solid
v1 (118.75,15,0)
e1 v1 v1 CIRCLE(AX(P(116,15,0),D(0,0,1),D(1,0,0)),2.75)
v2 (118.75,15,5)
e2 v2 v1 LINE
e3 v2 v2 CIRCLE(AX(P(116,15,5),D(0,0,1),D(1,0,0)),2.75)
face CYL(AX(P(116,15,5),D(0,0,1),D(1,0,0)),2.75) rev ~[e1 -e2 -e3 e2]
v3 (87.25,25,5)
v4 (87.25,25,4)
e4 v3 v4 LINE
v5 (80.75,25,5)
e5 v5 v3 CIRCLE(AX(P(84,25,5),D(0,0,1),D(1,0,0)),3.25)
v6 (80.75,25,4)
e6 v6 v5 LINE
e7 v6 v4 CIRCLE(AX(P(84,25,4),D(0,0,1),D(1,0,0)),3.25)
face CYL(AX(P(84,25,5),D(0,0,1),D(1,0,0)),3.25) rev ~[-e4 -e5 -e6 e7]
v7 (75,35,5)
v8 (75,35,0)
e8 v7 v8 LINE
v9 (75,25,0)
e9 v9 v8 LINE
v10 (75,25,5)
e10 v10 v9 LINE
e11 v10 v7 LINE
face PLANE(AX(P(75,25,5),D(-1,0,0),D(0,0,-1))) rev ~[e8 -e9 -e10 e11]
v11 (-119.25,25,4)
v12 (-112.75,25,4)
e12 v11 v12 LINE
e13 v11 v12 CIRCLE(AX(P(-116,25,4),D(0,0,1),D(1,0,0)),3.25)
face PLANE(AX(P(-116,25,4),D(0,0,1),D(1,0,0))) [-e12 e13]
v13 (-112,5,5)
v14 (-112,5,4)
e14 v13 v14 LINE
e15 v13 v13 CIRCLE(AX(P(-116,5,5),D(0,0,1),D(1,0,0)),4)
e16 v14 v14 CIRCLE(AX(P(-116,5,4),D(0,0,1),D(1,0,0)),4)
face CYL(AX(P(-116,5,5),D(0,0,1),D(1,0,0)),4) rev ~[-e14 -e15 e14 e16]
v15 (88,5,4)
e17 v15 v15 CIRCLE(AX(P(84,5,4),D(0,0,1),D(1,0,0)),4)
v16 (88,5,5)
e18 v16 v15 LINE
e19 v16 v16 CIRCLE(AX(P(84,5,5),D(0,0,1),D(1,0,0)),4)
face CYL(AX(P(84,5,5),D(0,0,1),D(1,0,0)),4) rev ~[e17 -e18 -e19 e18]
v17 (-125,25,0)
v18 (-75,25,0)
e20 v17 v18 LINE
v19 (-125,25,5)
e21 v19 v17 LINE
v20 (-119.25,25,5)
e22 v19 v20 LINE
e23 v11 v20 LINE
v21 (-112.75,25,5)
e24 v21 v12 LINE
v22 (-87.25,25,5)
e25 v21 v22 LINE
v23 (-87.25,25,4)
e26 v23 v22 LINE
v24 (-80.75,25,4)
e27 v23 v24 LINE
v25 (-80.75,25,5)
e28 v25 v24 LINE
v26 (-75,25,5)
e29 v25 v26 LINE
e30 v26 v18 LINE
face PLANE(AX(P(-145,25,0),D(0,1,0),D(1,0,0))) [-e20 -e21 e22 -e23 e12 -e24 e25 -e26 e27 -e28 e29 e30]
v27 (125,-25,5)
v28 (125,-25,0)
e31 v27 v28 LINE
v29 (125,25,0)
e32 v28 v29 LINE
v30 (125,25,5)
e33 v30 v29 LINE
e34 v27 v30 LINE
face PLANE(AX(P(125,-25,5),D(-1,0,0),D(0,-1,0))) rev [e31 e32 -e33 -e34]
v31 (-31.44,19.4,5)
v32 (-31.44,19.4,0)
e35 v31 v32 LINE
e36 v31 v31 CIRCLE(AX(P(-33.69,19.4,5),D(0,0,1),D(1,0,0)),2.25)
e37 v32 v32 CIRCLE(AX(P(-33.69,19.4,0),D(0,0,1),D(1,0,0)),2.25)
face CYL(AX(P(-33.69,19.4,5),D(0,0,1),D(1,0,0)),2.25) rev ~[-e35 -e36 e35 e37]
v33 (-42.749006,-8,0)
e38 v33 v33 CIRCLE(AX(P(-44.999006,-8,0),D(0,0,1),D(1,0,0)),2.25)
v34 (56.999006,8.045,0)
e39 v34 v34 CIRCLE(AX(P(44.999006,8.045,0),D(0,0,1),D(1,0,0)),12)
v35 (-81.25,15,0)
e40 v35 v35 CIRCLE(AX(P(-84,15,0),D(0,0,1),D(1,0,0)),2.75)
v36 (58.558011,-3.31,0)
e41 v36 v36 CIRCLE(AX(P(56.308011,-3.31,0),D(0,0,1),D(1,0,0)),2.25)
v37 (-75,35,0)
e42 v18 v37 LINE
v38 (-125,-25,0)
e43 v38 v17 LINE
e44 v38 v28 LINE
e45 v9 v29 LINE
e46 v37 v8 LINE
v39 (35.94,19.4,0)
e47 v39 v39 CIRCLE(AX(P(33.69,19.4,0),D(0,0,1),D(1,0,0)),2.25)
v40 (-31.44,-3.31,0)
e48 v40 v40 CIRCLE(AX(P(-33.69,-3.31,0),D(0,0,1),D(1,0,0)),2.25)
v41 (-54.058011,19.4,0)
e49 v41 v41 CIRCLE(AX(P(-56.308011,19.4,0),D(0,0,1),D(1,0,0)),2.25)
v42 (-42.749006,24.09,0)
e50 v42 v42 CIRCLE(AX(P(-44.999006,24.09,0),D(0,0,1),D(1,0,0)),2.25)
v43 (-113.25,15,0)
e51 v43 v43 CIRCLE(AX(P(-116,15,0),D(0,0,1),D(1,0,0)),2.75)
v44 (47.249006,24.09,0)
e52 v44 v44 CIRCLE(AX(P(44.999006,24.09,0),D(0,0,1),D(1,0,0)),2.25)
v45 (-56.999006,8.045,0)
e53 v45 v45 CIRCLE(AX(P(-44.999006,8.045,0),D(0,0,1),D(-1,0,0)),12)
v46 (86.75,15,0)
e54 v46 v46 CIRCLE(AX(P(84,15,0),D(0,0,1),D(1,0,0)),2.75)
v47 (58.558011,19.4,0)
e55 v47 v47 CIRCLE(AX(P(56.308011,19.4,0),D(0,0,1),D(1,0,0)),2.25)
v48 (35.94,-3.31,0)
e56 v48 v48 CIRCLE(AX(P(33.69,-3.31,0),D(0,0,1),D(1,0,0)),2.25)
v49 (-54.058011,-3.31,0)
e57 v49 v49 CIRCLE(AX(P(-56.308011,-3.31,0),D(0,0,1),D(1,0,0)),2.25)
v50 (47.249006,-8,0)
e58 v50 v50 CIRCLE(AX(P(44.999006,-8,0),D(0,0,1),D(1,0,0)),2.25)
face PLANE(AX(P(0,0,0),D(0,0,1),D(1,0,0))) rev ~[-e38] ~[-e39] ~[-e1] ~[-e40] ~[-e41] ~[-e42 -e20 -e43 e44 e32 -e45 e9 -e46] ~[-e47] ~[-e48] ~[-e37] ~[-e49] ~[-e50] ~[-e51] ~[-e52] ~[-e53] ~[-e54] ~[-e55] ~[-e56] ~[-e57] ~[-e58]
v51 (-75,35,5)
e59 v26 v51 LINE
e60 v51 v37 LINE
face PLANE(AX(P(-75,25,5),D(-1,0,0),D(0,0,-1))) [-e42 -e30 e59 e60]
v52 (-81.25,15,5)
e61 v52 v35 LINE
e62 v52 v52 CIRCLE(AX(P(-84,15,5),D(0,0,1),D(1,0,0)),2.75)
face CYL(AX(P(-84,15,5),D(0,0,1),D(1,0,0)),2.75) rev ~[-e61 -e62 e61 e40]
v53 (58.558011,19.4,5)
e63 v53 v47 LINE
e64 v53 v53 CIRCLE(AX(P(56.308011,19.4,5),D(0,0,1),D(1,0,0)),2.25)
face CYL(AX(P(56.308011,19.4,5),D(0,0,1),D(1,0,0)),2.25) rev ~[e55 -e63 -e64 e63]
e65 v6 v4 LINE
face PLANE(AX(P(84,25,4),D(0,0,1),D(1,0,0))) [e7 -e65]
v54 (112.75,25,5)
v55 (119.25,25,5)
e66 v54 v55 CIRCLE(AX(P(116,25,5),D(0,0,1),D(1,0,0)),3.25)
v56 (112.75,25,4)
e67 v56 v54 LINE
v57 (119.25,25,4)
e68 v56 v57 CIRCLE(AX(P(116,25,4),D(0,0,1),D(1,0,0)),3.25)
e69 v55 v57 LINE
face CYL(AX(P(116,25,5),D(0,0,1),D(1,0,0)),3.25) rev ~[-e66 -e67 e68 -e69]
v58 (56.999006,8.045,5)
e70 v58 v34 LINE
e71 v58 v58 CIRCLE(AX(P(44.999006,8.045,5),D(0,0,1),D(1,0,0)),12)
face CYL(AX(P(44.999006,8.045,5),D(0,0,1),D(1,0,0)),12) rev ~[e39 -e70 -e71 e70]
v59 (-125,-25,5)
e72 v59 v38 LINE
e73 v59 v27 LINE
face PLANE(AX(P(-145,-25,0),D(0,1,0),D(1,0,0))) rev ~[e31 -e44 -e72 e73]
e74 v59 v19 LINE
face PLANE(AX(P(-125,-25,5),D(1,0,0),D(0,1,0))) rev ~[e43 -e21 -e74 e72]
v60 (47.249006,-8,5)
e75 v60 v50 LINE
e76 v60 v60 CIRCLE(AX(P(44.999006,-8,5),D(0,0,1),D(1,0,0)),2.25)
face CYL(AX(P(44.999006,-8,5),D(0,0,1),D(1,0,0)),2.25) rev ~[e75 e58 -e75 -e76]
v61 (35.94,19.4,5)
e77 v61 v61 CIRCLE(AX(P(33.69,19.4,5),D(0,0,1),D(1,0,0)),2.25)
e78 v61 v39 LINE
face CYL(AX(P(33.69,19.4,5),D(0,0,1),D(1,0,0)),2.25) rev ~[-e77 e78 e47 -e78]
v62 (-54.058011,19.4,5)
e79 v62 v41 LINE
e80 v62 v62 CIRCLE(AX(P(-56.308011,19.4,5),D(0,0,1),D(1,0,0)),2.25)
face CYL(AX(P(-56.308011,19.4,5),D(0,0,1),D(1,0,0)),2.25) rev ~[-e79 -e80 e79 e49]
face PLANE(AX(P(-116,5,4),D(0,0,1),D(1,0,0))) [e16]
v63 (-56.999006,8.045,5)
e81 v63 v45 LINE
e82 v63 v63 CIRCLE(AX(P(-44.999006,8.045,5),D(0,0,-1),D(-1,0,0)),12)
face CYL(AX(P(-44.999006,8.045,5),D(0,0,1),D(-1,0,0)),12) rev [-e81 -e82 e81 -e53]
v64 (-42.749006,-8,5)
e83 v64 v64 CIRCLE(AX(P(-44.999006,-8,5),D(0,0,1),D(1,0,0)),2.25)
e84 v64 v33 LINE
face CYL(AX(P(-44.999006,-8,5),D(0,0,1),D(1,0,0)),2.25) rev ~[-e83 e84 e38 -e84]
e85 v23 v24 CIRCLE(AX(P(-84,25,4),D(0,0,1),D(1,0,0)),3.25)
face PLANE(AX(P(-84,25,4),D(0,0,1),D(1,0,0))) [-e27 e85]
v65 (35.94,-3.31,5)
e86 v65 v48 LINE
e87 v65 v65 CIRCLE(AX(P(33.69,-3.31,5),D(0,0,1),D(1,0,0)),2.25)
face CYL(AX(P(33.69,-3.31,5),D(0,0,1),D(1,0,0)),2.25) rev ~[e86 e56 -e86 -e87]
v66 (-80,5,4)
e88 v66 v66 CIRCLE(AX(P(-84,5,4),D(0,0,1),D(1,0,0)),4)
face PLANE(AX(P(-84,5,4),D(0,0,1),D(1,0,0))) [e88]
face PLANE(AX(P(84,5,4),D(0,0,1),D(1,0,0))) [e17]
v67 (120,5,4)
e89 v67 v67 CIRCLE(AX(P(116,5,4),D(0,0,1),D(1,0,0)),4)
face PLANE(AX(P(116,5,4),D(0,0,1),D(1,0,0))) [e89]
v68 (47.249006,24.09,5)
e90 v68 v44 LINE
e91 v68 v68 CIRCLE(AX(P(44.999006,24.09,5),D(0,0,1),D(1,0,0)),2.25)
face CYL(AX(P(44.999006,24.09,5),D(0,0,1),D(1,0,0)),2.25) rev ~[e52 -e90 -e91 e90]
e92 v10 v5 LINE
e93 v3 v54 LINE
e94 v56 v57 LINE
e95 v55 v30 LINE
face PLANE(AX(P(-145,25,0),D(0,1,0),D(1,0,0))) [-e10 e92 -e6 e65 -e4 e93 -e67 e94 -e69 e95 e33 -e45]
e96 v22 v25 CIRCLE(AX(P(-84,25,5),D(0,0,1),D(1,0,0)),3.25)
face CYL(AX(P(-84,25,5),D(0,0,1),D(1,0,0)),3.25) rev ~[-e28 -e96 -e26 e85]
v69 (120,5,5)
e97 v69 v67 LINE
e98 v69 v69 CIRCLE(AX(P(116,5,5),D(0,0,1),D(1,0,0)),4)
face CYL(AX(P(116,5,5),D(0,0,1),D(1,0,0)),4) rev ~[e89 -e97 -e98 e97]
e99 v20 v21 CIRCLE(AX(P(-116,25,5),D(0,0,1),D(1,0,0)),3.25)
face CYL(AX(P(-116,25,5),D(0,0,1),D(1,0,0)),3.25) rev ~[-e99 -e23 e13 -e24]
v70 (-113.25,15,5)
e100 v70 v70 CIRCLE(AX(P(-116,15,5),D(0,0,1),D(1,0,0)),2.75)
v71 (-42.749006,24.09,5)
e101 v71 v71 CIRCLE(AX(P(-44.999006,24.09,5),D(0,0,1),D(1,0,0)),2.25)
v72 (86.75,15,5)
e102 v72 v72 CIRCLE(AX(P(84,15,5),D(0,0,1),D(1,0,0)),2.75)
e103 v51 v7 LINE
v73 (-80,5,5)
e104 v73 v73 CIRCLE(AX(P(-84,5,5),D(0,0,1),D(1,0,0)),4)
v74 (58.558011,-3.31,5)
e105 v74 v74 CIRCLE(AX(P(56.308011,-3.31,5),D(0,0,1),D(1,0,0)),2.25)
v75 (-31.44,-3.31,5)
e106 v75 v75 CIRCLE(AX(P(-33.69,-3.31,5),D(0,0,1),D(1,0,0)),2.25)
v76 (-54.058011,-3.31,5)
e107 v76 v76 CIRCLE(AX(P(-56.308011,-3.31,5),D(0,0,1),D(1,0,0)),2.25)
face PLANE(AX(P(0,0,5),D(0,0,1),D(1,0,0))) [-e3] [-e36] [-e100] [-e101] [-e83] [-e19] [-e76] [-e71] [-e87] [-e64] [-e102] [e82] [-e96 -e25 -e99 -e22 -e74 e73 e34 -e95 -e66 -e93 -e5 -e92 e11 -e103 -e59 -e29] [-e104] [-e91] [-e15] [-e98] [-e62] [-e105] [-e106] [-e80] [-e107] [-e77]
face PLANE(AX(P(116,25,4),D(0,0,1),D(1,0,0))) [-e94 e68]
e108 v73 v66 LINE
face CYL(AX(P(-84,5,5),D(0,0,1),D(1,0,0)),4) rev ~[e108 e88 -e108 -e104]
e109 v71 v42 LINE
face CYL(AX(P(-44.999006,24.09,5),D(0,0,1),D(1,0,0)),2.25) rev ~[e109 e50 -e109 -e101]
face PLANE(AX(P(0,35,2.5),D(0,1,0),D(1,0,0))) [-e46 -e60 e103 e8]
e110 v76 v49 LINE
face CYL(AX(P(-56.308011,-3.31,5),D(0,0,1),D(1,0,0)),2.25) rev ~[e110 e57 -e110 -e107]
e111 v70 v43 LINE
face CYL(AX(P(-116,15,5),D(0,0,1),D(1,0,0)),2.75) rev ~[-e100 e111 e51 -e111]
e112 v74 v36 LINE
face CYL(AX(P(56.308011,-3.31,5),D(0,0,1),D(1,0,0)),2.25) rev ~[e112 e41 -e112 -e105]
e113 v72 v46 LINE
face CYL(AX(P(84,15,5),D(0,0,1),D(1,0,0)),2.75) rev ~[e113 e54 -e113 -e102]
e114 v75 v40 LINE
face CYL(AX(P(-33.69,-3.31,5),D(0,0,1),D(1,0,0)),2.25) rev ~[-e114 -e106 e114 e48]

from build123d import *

# Parameters (mm, degrees)
SKETCH_1_W          = 290
SKETCH_1_H          = 50
EXTRUDE_1_DEPTH     = 5
SKETCH_3_W          = 20
SKETCH_3_H          = 50
CUT_EXTRUDE_1_DEPTH = 10
SKETCH_4_W          = 150
SKETCH_4_H          = 5
EXTRUDE_2_DEPTH     = 10
SKETCH_2_R          = 2.25
SKETCH_2_R_2        = 12
CUT_EXTRUDE_2_DEPTH = 2.5
SKETCH_2_2_R        = 2.25
CUT_EXTRUDE_3_DEPTH = 130.903810568
SKETCH_5_R          = 2.75
CUT_EXTRUDE_4_DEPTH = 130.903810568
SKETCH_2_3_R        = 12
CUT_EXTRUDE_5_DEPTH = 10
SKETCH_6_R          = 3.25
SKETCH_6_R_2        = 4
CUT_EXTRUDE_6_DEPTH = 1


with BuildPart() as part:
    # 스케치1 → 보스-돌출1 (new body)
    with BuildSketch(Plane.XY):
        Rectangle(SKETCH_1_W, SKETCH_1_H)
    extrude(amount=EXTRUDE_1_DEPTH)

    # 스케치3 → 컷-돌출1 (cut)
    with BuildSketch(Plane.XY.offset(5)):
        with Locations((-135, 0)):
            Rectangle(SKETCH_3_W, SKETCH_3_H)
    cut_extrude_1 = extrude(amount=-CUT_EXTRUDE_1_DEPTH, mode=Mode.SUBTRACT)

    # 대칭 복사1: 컷-돌출1 across plane
    add(cut_extrude_1.mirror(Plane(origin=(0, 0, 0), x_dir=(0, 0, 1), z_dir=(1, 0, 0))), mode=Mode.SUBTRACT)

    # 스케치4 → 보스-돌출2 (add)
    with BuildSketch(Plane(origin=(0, 25, 0), x_dir=(1, 0, 0), z_dir=(0, 1, 0))):
        with Locations((0, -2.5)):
            Rectangle(SKETCH_4_W, SKETCH_4_H)
    extrude(amount=EXTRUDE_2_DEPTH)

    # 스케치2 → 컷-돌출2 (cut)
    with BuildSketch(Plane.XY.offset(5)):
        with Locations((56.308011299, -3.31)):
            Circle(SKETCH_2_R)
        with Locations((33.69, -3.31)):
            Circle(SKETCH_2_R)
        with Locations((44.99900565, -8)):
            Circle(SKETCH_2_R)
        with Locations((56.308011299, 19.4)):
            Circle(SKETCH_2_R)
        with Locations((44.99900565, 24.09)):
            Circle(SKETCH_2_R)
        with Locations((33.69, 19.4)):
            Circle(SKETCH_2_R)
        with Locations((-33.69, 19.4)):
            Circle(SKETCH_2_R)
        with Locations((-44.99900565, 24.09)):
            Circle(SKETCH_2_R)
        with Locations((-56.308011299, 19.4)):
            Circle(SKETCH_2_R)
        with Locations((-44.99900565, -8)):
            Circle(SKETCH_2_R)
        with Locations((-33.69, -3.31)):
            Circle(SKETCH_2_R)
        with Locations((-56.308011299, -3.31)):
            Circle(SKETCH_2_R)
        with Locations((44.99900565, 8.045)):
            Circle(SKETCH_2_R_2)
    extrude(amount=-CUT_EXTRUDE_2_DEPTH, mode=Mode.SUBTRACT)

    # 스케치2<2> → 컷-돌출3 (cut, through all)
    with BuildSketch(Plane.XY.offset(5)):
        with Locations((56.308011299, -3.31)):
            Circle(SKETCH_2_2_R)
        with Locations((33.69, -3.31)):
            Circle(SKETCH_2_2_R)
        with Locations((44.99900565, -8)):
            Circle(SKETCH_2_2_R)
        with Locations((56.308011299, 19.4)):
            Circle(SKETCH_2_2_R)
        with Locations((44.99900565, 24.09)):
            Circle(SKETCH_2_2_R)
        with Locations((33.69, 19.4)):
            Circle(SKETCH_2_2_R)
        with Locations((-33.69, 19.4)):
            Circle(SKETCH_2_2_R)
        with Locations((-44.99900565, 24.09)):
            Circle(SKETCH_2_2_R)
        with Locations((-56.308011299, 19.4)):
            Circle(SKETCH_2_2_R)
        with Locations((-44.99900565, -8)):
            Circle(SKETCH_2_2_R)
        with Locations((-33.69, -3.31)):
            Circle(SKETCH_2_2_R)
        with Locations((-56.308011299, -3.31)):
            Circle(SKETCH_2_2_R)
    extrude(amount=-CUT_EXTRUDE_3_DEPTH, mode=Mode.SUBTRACT)

    # 스케치5 → 컷-돌출4 (cut, through all)
    with BuildSketch(Plane.XY.offset(5)):
        with Locations((-84, 15)):
            Circle(SKETCH_5_R)
        with Locations((-116, 15)):
            Circle(SKETCH_5_R)
        with Locations((116, 15)):
            Circle(SKETCH_5_R)
        with Locations((84, 15)):
            Circle(SKETCH_5_R)
    extrude(amount=-CUT_EXTRUDE_4_DEPTH, mode=Mode.SUBTRACT)

    # 스케치2<3> → 컷-돌출5 (cut)
    with BuildSketch(Plane.XY.offset(5)):
        with Locations((44.99900565, 8.045)):
            Circle(SKETCH_2_3_R)
    cut_extrude_5 = extrude(amount=-CUT_EXTRUDE_5_DEPTH, mode=Mode.SUBTRACT)

    # 대칭 복사2: 컷-돌출5 across plane
    add(cut_extrude_5.mirror(Plane(origin=(0, 0, 0), x_dir=(0, 0, 1), z_dir=(1, 0, 0))), mode=Mode.SUBTRACT)

    # 스케치6 → 컷-돌출6 (cut)
    with BuildSketch(Plane.XY.offset(5)):
        with Locations((-116, 25)):
            Circle(SKETCH_6_R)
        with Locations((-84, 25)):
            Circle(SKETCH_6_R)
        with Locations((84, 25)):
            Circle(SKETCH_6_R)
        with Locations((116, 25)):
            Circle(SKETCH_6_R)
        with Locations((-116, 5)):
            Circle(SKETCH_6_R_2)
        with Locations((-84, 5)):
            Circle(SKETCH_6_R_2)
        with Locations((84, 5)):
            Circle(SKETCH_6_R_2)
        with Locations((116, 5)):
            Circle(SKETCH_6_R_2)
    extrude(amount=-CUT_EXTRUDE_6_DEPTH, mode=Mode.SUBTRACT)


solid = part.part
